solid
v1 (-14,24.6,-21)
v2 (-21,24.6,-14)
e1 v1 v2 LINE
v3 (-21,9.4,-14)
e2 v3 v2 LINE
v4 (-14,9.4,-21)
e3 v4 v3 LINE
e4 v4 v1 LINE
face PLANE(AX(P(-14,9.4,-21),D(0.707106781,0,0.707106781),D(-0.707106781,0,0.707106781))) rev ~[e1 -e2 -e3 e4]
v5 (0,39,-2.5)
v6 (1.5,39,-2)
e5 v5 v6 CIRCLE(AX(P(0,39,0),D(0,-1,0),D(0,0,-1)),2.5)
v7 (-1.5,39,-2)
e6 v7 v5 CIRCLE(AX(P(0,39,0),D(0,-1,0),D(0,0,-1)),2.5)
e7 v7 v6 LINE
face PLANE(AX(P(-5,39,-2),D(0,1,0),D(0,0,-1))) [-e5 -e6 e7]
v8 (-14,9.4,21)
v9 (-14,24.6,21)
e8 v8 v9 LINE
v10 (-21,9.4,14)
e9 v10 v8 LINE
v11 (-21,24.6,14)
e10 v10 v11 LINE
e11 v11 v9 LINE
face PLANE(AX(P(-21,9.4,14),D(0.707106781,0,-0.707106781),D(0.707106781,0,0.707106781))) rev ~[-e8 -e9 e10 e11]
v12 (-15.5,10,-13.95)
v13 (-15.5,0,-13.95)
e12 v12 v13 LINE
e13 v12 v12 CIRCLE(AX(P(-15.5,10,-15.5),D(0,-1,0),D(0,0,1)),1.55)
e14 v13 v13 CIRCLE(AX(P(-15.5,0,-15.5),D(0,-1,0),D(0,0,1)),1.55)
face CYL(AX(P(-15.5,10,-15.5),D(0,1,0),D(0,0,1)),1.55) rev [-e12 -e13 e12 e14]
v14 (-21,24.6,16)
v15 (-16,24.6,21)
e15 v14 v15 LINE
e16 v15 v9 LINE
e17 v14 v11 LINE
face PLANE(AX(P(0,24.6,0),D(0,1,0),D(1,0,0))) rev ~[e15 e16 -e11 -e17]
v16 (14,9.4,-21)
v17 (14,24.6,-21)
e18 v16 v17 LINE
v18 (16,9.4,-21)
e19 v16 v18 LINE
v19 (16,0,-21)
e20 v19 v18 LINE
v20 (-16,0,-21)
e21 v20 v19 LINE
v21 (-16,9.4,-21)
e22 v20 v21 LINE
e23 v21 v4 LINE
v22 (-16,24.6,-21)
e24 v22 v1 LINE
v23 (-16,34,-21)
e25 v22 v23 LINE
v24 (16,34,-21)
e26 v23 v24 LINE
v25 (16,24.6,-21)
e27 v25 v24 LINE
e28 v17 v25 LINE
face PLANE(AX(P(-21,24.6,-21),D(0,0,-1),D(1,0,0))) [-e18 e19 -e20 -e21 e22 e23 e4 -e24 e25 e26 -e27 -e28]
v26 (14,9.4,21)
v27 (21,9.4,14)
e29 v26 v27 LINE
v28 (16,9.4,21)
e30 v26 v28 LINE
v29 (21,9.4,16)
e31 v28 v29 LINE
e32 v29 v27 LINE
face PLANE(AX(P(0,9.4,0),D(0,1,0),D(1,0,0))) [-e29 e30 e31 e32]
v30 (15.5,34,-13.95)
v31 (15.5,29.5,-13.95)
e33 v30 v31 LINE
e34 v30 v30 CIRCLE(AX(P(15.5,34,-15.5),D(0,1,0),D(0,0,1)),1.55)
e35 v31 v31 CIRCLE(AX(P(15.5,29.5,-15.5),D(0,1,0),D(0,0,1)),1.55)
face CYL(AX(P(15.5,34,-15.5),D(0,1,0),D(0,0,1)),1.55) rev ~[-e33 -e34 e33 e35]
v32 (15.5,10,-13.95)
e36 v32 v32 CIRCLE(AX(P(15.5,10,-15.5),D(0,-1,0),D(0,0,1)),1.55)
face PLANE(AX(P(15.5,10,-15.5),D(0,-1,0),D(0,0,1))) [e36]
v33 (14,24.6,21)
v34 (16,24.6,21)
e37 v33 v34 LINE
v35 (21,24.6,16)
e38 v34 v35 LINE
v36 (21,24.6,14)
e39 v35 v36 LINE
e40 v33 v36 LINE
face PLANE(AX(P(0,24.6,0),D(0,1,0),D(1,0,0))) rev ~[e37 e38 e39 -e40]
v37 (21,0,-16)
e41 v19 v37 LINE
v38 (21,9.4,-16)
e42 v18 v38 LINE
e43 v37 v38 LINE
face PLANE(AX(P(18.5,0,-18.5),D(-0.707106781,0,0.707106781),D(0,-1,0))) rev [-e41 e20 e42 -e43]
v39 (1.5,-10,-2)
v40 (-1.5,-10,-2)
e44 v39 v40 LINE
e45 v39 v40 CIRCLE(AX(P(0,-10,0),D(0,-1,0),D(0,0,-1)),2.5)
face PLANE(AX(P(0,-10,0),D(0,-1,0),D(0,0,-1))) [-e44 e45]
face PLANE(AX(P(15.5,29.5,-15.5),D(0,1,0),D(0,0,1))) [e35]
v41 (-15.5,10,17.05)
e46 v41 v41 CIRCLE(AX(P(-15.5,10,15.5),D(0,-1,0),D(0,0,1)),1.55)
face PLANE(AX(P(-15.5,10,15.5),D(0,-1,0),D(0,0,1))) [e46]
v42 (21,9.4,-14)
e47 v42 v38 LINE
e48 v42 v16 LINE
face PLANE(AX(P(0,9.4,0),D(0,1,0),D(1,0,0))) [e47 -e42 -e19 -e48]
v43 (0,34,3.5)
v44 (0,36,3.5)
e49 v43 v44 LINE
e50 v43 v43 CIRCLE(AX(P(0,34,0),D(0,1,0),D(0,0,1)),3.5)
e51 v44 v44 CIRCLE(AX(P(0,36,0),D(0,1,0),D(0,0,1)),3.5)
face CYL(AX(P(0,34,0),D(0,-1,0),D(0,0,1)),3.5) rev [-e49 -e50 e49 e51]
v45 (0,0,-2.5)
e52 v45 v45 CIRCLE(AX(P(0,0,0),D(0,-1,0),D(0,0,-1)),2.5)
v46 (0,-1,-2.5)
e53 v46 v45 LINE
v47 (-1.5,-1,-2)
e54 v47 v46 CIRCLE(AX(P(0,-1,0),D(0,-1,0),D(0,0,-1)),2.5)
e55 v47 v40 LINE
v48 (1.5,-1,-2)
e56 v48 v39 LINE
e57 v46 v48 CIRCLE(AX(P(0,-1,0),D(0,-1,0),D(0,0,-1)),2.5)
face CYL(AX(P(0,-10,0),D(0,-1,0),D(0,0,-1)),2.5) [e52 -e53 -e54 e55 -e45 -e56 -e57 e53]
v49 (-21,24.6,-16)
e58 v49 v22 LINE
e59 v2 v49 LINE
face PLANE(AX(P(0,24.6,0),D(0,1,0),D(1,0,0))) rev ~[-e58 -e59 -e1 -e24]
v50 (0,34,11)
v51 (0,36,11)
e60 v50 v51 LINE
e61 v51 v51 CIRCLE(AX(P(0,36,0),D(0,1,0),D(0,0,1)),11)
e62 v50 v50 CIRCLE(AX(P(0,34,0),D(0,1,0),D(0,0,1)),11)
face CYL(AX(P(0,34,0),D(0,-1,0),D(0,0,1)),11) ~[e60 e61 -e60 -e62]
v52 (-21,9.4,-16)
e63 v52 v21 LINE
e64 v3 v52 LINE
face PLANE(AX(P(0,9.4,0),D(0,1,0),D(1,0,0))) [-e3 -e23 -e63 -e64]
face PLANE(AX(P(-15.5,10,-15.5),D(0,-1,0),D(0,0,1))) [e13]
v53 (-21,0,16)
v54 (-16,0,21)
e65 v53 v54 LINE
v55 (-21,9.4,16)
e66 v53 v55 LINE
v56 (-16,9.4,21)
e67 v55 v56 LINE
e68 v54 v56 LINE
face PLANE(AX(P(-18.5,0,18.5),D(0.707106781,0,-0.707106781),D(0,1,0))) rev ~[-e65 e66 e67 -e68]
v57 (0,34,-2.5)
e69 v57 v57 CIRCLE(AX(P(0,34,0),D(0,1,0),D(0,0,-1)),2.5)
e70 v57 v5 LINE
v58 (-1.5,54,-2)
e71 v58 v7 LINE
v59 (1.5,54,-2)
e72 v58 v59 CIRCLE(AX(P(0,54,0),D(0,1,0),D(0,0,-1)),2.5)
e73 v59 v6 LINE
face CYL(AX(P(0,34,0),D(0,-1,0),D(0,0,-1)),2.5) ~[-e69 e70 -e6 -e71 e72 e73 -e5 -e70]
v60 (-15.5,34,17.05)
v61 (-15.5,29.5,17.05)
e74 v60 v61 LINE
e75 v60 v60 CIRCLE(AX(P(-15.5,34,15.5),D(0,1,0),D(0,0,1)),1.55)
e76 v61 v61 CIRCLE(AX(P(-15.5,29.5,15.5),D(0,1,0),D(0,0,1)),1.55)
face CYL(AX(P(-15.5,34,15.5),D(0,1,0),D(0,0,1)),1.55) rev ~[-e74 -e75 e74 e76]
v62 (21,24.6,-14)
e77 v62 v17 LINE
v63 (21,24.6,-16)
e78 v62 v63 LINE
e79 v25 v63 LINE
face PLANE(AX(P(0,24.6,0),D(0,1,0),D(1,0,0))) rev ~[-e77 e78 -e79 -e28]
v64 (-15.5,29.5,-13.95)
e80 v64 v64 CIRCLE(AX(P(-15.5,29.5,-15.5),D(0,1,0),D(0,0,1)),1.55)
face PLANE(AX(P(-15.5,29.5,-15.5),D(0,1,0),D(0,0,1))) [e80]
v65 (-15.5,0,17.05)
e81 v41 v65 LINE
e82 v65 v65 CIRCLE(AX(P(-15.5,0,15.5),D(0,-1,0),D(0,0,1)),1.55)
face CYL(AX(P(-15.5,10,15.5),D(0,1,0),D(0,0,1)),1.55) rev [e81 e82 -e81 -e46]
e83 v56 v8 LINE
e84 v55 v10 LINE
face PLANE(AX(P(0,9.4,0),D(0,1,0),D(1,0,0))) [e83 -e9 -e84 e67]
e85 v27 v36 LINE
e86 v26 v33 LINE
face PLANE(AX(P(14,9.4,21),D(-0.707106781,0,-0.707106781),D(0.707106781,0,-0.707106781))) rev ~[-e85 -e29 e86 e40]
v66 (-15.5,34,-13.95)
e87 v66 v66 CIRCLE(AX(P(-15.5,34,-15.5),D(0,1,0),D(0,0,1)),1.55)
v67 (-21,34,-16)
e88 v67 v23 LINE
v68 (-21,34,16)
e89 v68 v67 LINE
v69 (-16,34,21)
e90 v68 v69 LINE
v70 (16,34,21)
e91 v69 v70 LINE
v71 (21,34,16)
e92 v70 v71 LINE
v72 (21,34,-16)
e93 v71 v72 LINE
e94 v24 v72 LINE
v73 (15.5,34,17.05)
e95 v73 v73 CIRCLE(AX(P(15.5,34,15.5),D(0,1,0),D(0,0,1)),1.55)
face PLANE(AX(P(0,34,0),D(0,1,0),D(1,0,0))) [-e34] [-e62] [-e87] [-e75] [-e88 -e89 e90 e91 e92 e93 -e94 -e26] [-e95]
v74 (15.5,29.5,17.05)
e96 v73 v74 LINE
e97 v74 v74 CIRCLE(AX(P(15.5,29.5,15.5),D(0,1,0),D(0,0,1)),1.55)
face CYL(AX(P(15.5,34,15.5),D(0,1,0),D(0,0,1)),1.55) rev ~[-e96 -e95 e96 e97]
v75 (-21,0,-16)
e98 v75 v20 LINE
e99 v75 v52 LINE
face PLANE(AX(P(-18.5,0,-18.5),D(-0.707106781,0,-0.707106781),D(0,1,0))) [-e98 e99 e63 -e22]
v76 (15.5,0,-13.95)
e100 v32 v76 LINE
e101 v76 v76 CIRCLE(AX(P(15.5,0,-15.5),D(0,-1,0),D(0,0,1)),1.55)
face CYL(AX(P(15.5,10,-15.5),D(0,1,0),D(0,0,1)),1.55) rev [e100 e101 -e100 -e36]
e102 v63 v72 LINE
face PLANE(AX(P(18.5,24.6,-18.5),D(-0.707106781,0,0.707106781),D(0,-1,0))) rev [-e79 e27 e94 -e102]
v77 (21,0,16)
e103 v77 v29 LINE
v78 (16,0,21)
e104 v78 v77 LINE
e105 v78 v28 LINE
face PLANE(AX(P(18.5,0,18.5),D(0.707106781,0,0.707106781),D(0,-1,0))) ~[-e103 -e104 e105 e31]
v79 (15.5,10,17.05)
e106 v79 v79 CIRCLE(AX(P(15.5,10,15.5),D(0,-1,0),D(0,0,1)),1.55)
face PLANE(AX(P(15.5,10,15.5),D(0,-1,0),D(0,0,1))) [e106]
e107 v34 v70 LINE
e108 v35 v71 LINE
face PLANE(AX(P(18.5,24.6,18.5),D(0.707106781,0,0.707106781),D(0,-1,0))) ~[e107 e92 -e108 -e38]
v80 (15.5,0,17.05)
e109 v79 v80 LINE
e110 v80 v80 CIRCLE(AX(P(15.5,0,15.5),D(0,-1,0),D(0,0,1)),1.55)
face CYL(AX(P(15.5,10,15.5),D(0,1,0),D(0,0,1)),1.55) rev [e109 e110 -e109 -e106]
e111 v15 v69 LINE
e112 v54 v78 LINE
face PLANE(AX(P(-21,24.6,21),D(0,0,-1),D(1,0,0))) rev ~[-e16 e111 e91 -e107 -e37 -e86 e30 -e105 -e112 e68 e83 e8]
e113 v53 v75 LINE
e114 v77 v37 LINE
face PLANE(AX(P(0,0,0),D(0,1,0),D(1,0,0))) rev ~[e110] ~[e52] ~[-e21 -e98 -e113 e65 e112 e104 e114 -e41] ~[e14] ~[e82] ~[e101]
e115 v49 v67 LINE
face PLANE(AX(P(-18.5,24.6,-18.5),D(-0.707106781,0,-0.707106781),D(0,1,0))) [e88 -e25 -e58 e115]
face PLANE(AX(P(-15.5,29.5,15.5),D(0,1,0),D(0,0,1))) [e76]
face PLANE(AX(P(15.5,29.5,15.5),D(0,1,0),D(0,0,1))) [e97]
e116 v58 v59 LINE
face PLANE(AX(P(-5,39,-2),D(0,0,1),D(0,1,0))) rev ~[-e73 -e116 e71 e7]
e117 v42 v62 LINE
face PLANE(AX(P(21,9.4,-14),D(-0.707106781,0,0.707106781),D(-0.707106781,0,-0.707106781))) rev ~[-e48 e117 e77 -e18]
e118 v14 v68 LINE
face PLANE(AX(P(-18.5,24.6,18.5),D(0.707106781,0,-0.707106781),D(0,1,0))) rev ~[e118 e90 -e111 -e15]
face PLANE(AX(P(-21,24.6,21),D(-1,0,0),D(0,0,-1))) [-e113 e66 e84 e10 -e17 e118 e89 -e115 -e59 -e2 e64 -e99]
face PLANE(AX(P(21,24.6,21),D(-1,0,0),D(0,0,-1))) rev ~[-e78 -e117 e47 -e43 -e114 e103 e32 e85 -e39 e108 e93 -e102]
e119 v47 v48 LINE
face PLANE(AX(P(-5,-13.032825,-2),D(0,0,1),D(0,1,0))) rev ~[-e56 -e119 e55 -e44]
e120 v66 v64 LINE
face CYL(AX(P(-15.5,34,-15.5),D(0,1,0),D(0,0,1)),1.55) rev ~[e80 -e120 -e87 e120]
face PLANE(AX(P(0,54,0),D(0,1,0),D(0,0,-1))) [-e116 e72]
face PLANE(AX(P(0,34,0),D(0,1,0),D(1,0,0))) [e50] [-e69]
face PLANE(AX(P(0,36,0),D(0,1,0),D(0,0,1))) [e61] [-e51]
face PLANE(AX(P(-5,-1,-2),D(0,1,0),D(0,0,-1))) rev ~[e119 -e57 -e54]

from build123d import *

# Parameters (mm, degrees)
SKETCH4_W               = 42
SKETCH4_H               = 42
BOTTOM_DEPTH            = 9.4
MIDDLE_DEPTH            = 15.2
SKETCH8_W               = 42
SKETCH8_H               = 42
TOP_DEPTH               = 9.4
CHAMFER1_SIZE           = 5
SKETCH9_R               = 11
SKETCH9_R_2             = 3.5
RING_DEPTH              = 2
SKETCH10_R              = 2.5
SHAFT_DEPTH             = 20
SKETCH12_R              = 1.55
CUT_EXTRUDE4_DEPTH      = 4.5
CUT_EXTRUDE5_START      = -10
SKETCH15_R              = 1.55
CUT_EXTRUDE5_DEPTH      = 10
BOSS_EXTRUDE1_START     = 10
SKETCH16_R              = 2.5
BOSS_EXTRUDE1_DEPTH     = 10
CUT_EXTRUDE3_DEPTH      = 5
CUT_EXTRUDE3_DEPTH_BACK = 5
SKETCH11_W              = 1.458446266
SKETCH11_H              = 24.242457261
SKETCH11_W_2            = 8.851647276
SKETCH11_H_2            = 12.03282496


with BuildPart() as part:
    # Sketch4 → Bottom (new body)
    with BuildSketch(Plane(origin=(0, 0, 0), x_dir=(1, 0, 0), z_dir=(0, 1, 0))):
        Rectangle(SKETCH4_W, SKETCH4_H)
    extrude(amount=BOTTOM_DEPTH)

    # Sketch6 → Middle (add)
    with BuildSketch(Plane(origin=(0, 9.4, 0), x_dir=(1, 0, 0), z_dir=(0, 1, 0))):
        Polygon((-21, -14), (-14, -21), (14, -21), (21, -14), (21, 14), (14, 21), (-14, 21), (-21, 14), align=None)
    extrude(amount=MIDDLE_DEPTH)

    # Sketch8 → Top (add)
    with BuildSketch(Plane(origin=(0, 24.6, 0), x_dir=(1, 0, 0), z_dir=(0, 1, 0))):
        Rectangle(SKETCH8_W, SKETCH8_H)
    extrude(amount=TOP_DEPTH)

    # Chamfer1
    chamfer1_edges = [part.edges().sort_by_distance(p)[0] for p in [
        (21, 29.3, 21),
        (21, 29.3, -21),
        (-21, 29.3, -21),
        (-21, 29.3, 21),
        (-21, 4.7, 21),
        (-21, 4.7, -21),
        (21, 4.7, -21),
        (21, 4.7, 21),
    ]]
    chamfer(chamfer1_edges, length=CHAMFER1_SIZE)

    # Sketch9 → Ring (add)
    with BuildSketch(Plane(origin=(0, 34, 0), x_dir=(1, 0, 0), z_dir=(0, 1, 0))):
        with Locations(Location((0, 0, 0), (0, 0, 270))):
            Circle(SKETCH9_R)
        with Locations(Location((0, 0, 0), (0, 0, 270))):
            Circle(SKETCH9_R_2, mode=Mode.SUBTRACT)
    extrude(amount=RING_DEPTH)

    # Sketch10 → Shaft (add)
    with BuildSketch(Plane(origin=(0, 34, 0), x_dir=(1, 0, 0), z_dir=(0, 1, 0))):
        with Locations(Location((0, 0, 0), (0, 0, 90))):
            Circle(SKETCH10_R)
    extrude(amount=SHAFT_DEPTH)

    # Sketch12 → Cut-Extrude4 (cut)
    with BuildSketch(Plane(origin=(0, 34, 0), x_dir=(1, 0, 0), z_dir=(0, 1, 0))):
        with Locations(Location((15.5, -15.5, 0), (0, 0, 270))):
            Circle(SKETCH12_R)
        with Locations(Location((-15.5, -15.5, 0), (0, 0, 270))):
            Circle(SKETCH12_R)
        with Locations(Location((-15.5, 15.5, 0), (0, 0, 270))):
            Circle(SKETCH12_R)
        with Locations(Location((15.5, 15.5, 0), (0, 0, 270))):
            Circle(SKETCH12_R)
    extrude(amount=-CUT_EXTRUDE4_DEPTH, mode=Mode.SUBTRACT)

    # Sketch15 → Cut-Extrude5 (cut)
    with BuildSketch(Plane.XZ.offset(CUT_EXTRUDE5_START)):
        with Locations(Location((15.5, 15.5, 0), (0, 0, 90))):
            Circle(SKETCH15_R)
        with Locations(Location((15.5, -15.5, 0), (0, 0, 90))):
            Circle(SKETCH15_R)
        with Locations(Location((-15.5, 15.5, 0), (0, 0, 90))):
            Circle(SKETCH15_R)
        with Locations(Location((-15.5, -15.5, 0), (0, 0, 90))):
            Circle(SKETCH15_R)
    extrude(amount=CUT_EXTRUDE5_DEPTH, mode=Mode.SUBTRACT)

    # Sketch16 → Boss-Extrude1 (add)
    with BuildSketch(Plane(origin=(0, 0, 0), x_dir=(-1, 0, 0), z_dir=(0, -1, 0)).offset(BOSS_EXTRUDE1_START)):
        with Locations(Location((0, 0, 0), (0, 0, 90))):
            Circle(SKETCH16_R)
    extrude(amount=-BOSS_EXTRUDE1_DEPTH)

    # Sketch11 → Cut-Extrude3 (cut, two sides: drawn at the far end of the back side and taken through both)
    with BuildSketch(Plane(origin=(0, 0, 0), x_dir=(0, 0, -1), z_dir=(1, 0, 0)).offset(-CUT_EXTRUDE3_DEPTH_BACK)):
        with Locations((2.729223133, 51.12122863)):
            Rectangle(SKETCH11_W, SKETCH11_H)
        with Locations((6.425823638, -7.01641248)):
            Rectangle(SKETCH11_W_2, SKETCH11_H_2)
    extrude(amount=CUT_EXTRUDE3_DEPTH + CUT_EXTRUDE3_DEPTH_BACK, mode=Mode.SUBTRACT)


solid = part.part
